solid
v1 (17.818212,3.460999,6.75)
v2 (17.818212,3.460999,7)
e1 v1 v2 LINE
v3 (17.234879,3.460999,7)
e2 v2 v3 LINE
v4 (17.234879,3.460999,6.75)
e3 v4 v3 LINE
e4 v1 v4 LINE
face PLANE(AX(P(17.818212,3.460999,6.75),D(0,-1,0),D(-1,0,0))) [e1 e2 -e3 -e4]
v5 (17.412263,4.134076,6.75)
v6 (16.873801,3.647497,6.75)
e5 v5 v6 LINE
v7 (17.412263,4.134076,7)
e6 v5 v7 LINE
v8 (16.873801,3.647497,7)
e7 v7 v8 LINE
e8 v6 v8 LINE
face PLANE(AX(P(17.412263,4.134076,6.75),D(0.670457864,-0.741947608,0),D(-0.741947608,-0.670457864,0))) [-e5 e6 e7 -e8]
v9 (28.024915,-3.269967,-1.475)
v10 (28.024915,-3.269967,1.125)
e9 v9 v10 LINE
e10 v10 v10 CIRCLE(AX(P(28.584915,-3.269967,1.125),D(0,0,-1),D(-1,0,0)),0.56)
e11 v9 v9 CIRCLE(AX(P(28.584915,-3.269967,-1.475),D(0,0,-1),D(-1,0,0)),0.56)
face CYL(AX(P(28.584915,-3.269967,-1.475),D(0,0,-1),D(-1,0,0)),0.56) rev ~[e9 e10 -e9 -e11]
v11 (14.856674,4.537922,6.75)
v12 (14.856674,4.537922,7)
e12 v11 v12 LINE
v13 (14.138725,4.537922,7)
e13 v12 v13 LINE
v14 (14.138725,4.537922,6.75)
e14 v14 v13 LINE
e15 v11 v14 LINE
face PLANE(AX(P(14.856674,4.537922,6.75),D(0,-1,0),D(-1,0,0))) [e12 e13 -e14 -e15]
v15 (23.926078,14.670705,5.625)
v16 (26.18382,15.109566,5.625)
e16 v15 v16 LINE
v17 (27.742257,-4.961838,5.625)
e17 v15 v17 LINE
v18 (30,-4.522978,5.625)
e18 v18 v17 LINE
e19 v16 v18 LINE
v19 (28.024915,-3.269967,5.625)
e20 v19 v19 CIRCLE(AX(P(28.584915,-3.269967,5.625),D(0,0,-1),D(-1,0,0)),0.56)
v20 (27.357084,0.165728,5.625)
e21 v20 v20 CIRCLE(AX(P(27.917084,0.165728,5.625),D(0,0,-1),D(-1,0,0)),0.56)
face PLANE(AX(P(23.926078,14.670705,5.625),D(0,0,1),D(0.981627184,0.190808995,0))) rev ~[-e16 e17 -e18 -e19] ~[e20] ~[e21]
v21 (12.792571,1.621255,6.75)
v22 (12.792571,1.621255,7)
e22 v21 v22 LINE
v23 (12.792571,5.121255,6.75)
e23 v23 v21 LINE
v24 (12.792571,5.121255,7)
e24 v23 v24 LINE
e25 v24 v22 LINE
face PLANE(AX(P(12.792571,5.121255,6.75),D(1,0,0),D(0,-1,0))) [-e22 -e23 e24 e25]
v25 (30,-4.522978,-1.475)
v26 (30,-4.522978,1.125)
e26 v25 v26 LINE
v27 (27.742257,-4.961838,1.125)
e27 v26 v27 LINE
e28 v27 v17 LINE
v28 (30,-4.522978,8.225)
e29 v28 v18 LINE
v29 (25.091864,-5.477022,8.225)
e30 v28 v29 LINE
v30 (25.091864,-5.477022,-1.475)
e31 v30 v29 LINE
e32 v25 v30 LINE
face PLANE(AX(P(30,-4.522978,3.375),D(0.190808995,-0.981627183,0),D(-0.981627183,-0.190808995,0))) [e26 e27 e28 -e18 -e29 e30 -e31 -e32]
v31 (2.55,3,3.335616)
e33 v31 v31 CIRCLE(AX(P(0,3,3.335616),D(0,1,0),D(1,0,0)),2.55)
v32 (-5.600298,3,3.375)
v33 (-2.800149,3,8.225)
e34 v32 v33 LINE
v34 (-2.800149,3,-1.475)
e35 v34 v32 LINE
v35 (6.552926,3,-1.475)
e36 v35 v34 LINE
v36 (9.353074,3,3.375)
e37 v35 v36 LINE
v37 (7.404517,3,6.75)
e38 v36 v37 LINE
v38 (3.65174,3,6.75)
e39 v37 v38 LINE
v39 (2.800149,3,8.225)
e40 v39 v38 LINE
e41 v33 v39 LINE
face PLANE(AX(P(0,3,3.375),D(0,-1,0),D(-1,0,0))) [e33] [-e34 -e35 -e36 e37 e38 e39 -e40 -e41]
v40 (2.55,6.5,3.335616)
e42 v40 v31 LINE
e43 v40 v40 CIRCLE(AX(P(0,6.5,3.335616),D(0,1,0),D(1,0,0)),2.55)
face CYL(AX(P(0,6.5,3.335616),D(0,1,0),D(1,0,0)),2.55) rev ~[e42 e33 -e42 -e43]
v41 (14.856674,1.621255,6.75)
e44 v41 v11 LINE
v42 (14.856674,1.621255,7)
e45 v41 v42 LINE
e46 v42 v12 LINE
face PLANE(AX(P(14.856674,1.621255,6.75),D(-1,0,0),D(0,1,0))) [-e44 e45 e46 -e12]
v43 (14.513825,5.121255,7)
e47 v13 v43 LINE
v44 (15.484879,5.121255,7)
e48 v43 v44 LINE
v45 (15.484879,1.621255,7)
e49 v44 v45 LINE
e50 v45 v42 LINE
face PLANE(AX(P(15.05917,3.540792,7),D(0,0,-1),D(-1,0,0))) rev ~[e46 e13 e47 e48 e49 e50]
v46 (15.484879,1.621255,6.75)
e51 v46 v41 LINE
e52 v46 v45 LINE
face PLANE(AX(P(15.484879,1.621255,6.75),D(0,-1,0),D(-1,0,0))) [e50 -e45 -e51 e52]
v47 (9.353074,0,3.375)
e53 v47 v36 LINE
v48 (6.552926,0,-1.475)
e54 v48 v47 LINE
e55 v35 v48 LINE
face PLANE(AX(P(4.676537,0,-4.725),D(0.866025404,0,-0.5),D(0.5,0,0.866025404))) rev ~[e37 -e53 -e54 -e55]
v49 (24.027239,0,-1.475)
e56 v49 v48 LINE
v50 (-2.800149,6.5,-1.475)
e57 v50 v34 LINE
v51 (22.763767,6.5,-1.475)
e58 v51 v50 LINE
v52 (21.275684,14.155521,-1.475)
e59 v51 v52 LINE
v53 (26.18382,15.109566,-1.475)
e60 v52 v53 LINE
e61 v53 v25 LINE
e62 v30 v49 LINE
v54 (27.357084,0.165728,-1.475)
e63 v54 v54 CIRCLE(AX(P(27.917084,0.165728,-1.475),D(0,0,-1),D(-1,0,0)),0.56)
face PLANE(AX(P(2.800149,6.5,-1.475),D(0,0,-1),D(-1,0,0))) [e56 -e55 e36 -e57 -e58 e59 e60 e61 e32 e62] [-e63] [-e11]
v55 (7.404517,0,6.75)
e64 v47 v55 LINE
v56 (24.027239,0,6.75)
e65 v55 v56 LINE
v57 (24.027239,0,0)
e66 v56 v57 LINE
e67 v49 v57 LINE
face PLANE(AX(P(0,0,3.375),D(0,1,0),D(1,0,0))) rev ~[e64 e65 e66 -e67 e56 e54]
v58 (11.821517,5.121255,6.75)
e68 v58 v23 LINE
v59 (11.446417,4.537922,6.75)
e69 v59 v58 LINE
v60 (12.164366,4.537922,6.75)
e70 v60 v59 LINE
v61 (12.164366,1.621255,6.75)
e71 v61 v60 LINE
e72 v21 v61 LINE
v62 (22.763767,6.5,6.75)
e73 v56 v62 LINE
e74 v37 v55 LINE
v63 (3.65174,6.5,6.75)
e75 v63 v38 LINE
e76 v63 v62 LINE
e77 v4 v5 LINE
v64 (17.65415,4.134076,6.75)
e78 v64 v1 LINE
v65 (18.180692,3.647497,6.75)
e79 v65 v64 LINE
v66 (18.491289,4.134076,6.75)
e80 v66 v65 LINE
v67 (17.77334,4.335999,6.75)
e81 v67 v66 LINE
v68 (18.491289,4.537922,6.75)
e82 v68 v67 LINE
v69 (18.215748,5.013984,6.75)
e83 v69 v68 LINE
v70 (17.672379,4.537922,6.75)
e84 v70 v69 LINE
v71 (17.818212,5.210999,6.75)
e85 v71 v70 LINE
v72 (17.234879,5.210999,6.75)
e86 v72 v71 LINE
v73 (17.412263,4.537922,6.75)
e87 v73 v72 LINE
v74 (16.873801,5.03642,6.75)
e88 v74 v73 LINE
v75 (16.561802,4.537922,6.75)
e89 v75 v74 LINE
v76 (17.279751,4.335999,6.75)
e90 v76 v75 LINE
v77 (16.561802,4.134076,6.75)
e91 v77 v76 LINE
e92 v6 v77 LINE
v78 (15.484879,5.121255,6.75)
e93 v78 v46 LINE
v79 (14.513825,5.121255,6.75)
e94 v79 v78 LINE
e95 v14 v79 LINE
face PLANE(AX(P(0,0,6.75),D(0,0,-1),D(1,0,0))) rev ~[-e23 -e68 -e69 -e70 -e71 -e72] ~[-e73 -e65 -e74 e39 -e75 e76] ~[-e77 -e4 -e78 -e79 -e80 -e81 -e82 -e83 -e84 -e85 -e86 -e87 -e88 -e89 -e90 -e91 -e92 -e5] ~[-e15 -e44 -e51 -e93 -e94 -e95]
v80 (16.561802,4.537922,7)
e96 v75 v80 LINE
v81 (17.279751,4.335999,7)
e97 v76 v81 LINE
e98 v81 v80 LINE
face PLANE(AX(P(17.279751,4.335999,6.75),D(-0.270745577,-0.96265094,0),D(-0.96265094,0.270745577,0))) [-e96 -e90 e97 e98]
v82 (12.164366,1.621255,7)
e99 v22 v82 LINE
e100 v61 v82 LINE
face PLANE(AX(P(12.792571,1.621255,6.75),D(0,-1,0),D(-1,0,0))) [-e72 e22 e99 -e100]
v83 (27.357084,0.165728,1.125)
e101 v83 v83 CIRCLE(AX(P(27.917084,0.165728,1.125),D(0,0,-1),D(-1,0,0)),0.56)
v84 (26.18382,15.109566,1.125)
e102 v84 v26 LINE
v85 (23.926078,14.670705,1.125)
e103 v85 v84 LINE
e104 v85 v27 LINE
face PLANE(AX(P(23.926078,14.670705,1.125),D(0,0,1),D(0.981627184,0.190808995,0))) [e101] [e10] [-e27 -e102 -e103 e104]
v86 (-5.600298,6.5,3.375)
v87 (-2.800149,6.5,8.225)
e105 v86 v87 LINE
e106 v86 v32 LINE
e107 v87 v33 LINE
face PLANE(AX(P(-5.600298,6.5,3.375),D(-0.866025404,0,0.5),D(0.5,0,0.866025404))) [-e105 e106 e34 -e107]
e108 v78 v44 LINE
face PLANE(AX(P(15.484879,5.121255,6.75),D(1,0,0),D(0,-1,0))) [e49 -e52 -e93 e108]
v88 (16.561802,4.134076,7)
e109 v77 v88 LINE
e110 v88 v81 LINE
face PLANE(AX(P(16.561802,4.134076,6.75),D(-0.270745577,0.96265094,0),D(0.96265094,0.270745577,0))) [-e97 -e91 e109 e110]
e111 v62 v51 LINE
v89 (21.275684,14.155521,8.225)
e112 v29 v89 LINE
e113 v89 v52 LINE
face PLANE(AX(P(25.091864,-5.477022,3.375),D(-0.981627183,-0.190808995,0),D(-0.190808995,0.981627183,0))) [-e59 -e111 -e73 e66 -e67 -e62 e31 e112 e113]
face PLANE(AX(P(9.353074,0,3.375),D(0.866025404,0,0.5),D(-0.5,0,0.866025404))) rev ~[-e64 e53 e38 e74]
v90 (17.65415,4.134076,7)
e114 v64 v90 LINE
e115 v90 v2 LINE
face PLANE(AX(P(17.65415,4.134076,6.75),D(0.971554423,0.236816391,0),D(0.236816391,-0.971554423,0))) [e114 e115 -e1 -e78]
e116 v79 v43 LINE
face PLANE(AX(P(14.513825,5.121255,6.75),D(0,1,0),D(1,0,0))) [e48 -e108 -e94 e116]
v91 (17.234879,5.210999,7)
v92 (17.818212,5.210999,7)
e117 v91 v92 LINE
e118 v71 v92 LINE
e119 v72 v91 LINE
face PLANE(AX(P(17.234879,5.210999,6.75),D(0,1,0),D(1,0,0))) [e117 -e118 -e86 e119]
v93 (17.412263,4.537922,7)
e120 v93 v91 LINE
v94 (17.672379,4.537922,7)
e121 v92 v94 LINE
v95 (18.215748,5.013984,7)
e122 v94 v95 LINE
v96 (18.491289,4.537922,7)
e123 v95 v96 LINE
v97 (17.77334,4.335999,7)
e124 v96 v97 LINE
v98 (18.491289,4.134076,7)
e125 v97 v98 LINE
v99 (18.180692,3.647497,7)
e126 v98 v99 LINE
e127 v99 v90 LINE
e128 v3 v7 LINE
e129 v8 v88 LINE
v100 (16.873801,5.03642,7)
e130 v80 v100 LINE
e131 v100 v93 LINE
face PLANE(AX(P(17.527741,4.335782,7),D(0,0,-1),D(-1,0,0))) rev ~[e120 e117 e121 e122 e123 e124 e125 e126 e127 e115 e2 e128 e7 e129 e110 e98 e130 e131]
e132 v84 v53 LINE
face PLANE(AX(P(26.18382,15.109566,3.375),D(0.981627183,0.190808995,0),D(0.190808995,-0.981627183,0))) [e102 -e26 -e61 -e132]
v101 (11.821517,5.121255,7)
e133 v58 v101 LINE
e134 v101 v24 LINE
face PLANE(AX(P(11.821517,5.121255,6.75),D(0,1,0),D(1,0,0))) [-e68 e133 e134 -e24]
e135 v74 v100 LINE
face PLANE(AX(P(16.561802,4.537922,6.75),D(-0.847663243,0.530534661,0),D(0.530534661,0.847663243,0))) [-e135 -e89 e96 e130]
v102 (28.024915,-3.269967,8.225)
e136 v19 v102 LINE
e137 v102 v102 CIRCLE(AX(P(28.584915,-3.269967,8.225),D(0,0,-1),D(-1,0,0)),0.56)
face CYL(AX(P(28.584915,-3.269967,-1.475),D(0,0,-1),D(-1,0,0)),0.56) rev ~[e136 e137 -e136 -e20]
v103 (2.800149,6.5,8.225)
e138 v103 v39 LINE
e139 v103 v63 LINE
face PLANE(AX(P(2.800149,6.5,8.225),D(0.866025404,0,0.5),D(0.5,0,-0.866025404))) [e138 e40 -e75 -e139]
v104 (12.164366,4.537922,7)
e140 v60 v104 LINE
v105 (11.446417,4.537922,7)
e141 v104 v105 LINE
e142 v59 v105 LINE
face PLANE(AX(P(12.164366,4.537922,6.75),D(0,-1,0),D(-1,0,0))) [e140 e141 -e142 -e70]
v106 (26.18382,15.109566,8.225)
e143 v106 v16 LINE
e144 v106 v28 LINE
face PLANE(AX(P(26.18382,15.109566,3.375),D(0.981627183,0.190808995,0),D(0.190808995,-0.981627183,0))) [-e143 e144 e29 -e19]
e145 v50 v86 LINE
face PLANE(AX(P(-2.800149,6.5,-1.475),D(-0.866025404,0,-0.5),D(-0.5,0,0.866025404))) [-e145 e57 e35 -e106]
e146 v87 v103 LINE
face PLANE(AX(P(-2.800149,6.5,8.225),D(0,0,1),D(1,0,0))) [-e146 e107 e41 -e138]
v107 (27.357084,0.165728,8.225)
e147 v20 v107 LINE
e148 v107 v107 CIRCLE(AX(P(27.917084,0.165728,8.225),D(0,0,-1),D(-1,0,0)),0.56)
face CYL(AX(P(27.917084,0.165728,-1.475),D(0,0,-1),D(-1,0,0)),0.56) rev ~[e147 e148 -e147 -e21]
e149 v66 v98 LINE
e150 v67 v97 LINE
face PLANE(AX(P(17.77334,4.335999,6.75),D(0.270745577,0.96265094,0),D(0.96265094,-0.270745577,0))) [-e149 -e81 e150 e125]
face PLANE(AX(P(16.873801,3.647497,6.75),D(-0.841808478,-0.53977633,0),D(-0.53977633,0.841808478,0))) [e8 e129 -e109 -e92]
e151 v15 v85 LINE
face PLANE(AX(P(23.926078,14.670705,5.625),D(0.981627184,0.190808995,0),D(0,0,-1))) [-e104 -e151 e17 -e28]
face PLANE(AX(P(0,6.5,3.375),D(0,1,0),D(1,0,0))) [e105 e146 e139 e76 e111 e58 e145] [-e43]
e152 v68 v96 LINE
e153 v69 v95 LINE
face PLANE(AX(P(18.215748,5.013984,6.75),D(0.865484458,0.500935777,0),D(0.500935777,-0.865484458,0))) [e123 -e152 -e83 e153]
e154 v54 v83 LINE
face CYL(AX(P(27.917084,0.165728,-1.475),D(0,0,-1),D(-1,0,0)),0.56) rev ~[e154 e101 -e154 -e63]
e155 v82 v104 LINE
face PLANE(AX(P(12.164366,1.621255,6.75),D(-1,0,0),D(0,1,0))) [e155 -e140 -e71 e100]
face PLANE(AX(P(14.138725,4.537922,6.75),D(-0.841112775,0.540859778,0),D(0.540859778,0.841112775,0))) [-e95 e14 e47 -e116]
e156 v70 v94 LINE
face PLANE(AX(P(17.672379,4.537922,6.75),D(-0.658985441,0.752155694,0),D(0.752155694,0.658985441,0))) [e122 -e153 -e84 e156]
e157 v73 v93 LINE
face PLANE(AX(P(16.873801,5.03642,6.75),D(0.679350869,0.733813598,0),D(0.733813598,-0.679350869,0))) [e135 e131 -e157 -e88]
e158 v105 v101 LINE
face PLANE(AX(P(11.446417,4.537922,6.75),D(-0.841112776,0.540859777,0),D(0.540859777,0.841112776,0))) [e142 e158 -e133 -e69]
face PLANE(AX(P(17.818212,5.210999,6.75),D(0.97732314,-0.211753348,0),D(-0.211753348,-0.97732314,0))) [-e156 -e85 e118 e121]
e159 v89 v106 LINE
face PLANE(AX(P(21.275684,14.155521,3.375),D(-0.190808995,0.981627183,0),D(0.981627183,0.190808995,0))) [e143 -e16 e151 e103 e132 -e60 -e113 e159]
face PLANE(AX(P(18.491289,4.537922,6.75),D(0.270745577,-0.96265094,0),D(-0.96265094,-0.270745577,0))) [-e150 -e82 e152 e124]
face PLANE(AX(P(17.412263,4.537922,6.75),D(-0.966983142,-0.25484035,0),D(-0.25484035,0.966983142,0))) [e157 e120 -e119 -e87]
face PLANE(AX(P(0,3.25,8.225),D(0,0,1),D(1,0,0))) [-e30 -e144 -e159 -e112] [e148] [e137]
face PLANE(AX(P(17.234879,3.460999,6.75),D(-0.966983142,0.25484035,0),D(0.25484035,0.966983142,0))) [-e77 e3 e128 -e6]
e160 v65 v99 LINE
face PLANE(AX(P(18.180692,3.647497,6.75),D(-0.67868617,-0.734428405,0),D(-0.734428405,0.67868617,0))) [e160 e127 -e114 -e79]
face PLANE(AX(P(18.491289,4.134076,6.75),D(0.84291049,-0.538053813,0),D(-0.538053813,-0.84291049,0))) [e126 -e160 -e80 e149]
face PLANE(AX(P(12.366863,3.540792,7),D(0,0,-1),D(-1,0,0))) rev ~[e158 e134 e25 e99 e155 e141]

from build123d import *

# Parameters (mm, degrees)
SKETCH1_W                       = 25
SKETCH1_H                       = 6.75
BOSS_EXTRUDE1_DEPTH             = 6.5
BOSS_EXTRUDE4_DEPTH             = 6.5
BOSS_EXTRUDE3_REACH             = 6.85
BOSS_EXTRUDE3_DIRECTION_2_REACH = 6.85
SKETCH4_W                       = 2.3
SKETCH4_H                       = 4.5
CUT_EXTRUDE1_DEPTH              = 23
SKETCH6_R                       = 2.55
CUT_EXTRUDE2_DEPTH              = 10
BOSS_EXTRUDE5_DEPTH             = 1.475
CUT_EXTRUDE3_DEPTH              = 3
SKETCH9_R                       = 0.56
CUT_EXTRUDE4_DEPTH              = 9.7
BOSS_EXTRUDE6_DEPTH             = 0.25


with BuildPart() as part:
    # Sketch1 → Boss-Extrude1 (new body)
    with BuildSketch(Plane(origin=(0, 0, 0), x_dir=(1, 0, 0), z_dir=(0, 1, 0))):
        with Locations((12.5, -3.375)):
            Rectangle(SKETCH1_W, SKETCH1_H)
    extrude(amount=BOSS_EXTRUDE1_DEPTH)

    # Sketch5 → Boss-Extrude4 (add)
    with BuildSketch(Plane(origin=(0, 6.5, 0), x_dir=(1, 0, 0), z_dir=(0, 1, 0))):
        Polygon((-5.600297611, -3.375), (-2.800148806, -8.225), (2.800148806, -8.225), (5.600297611, -3.375), (2.800148806, 1.475), (-2.800148806, 1.475), align=None)
    extrude(amount=-BOSS_EXTRUDE4_DEPTH)

    # Boss-Extrude3: up to this face of the body (flat: up to its plane)
    boss_extrude3_end = Plane(part.part.faces().sort_by_distance((0, 3.25, -1.475))[0])
    # Sketch3 → Boss-Extrude3 (add, up to the picked face)
    with BuildSketch(Plane.XY.offset(3.375), mode=Mode.PRIVATE) as boss_extrude3_sk1:
        Polygon((21.275684175, 14.155521181), (26.183820092, 15.109566157), (30, -4.522977512), (25.091864083, -5.477022488), align=None)
    boss_extrude3_tool1 = split(extrude(boss_extrude3_sk1.sketch, amount=-BOSS_EXTRUDE3_REACH, mode=Mode.PRIVATE), bisect_by=boss_extrude3_end, keep=Keep.BOTH, mode=Mode.PRIVATE)
    add(boss_extrude3_tool1.solids().sort_by_distance((25.637842, 4.816272, 3.375))[0])

    # Boss-Extrude3 direction 2: up to this face of the body (flat: up to its plane)
    boss_extrude3_direction_2_end = Plane(part.part.faces().sort_by_distance((0, 3.25, 8.225))[0])
    # Sketch3 → Boss-Extrude3 direction 2 (add, up to the picked face)
    with BuildSketch(Plane.XY.offset(3.375), mode=Mode.PRIVATE) as boss_extrude3_direction_2_sk1:
        Polygon((21.275684175, 14.155521181), (26.183820092, 15.109566157), (30, -4.522977512), (25.091864083, -5.477022488), align=None)
    boss_extrude3_direction_2_tool1 = split(extrude(boss_extrude3_direction_2_sk1.sketch, amount=BOSS_EXTRUDE3_DIRECTION_2_REACH, mode=Mode.PRIVATE), bisect_by=boss_extrude3_direction_2_end, keep=Keep.BOTH, mode=Mode.PRIVATE)
    add(boss_extrude3_direction_2_tool1.solids().sort_by_distance((25.637842, 4.816272, 3.375))[0])

    # Sketch4 → Cut-Extrude1 (cut)
    with BuildSketch(Plane(origin=(-1.876769127, 9.65514015, 0), x_dir=(0.981627183, 0.190808995, 0), z_dir=(-0.190808995, 0.981627183, 0))):
        with Locations((27.435790708, -3.375)):
            Rectangle(SKETCH4_W, SKETCH4_H)
    extrude(amount=-CUT_EXTRUDE1_DEPTH, mode=Mode.SUBTRACT)

    # Sketch6 → Cut-Extrude2 (cut)
    with BuildSketch(Plane(origin=(0, 6.5, 0), x_dir=(1, 0, 0), z_dir=(0, 1, 0))):
        with Locations((0, -3.335615973)):
            Circle(SKETCH6_R)
    extrude(amount=-CUT_EXTRUDE2_DEPTH, mode=Mode.SUBTRACT)

    # Sketch7 → Boss-Extrude5 (add)
    with BuildSketch(Plane(origin=(0, 0, -1.475), x_dir=(-1, 0, 0), z_dir=(0, 0, -1))):
        Polygon((-2.800148806, 0), (-24.027238758, 0), (-25.091864083, -5.477022488), (-30, -4.522977512), (-26.183820092, 15.109566157), (-21.275684175, 14.155521181), (-22.763766749, 6.5), (-2.800148806, 6.5), align=None)
    extrude(amount=-BOSS_EXTRUDE5_DEPTH)

    # Sketch8 → Cut-Extrude3 (cut)
    with BuildSketch(Plane(origin=(0, 0, 0), x_dir=(-1, 0, 0), z_dir=(0, -1, 0))):
        Polygon((-4.67653718, -11.475), (4.67653718, -11.475), (9.353074361, -3.375), (4.67653718, 4.725), (-4.67653718, 4.725), (-9.353074361, -3.375), align=None)
    extrude(amount=-CUT_EXTRUDE3_DEPTH, mode=Mode.SUBTRACT)

    # Sketch9 → Cut-Extrude4 (cut)
    with BuildSketch(Plane(origin=(0, 0, -1.475), x_dir=(-1, 0, 0), z_dir=(0, 0, -1))):
        with Locations((-28.584915246, -3.269967081)):
            Circle(SKETCH9_R)
        with Locations((-27.917083762, 0.165728061)):
            Circle(SKETCH9_R)
    extrude(amount=-CUT_EXTRUDE4_DEPTH, mode=Mode.SUBTRACT)

    # Sketch10 → Boss-Extrude6 (add)
    with BuildSketch(Plane.XY.offset(6.75)):
        Polygon((11.821517388, 5.121255448), (12.792571074, 5.121255448), (12.792571074, 1.621255448), (12.164365946, 1.621255448), (12.164365946, 4.537922115), (11.446417228, 4.537922115), align=None)
        Polygon((14.513825081, 5.121255448), (15.484878766, 5.121255448), (15.484878766, 1.621255448), (14.856673638, 1.621255448), (14.856673638, 4.537922115), (14.13872492, 4.537922115), align=None)
        Polygon((17.234878766, 5.210999038), (17.8182121, 5.210999038), (17.672378766, 4.537922115), (18.215748157, 5.013983814), (18.491289023, 4.537922115), (17.773340305, 4.335999038), (18.491289023, 4.134075961), (18.180692068, 3.647497435), (17.6541496, 4.134075961), (17.8182121, 3.460999038), (17.234878766, 3.460999038), (17.412262581, 4.134075961), (16.873801042, 3.647497435), (16.561801843, 4.134075961), (17.279750561, 4.335999038), (16.561801843, 4.537922115), (16.873801042, 5.036419711), (17.412262581, 4.537922115), align=None)
    extrude(amount=BOSS_EXTRUDE6_DEPTH)


solid = part.part
